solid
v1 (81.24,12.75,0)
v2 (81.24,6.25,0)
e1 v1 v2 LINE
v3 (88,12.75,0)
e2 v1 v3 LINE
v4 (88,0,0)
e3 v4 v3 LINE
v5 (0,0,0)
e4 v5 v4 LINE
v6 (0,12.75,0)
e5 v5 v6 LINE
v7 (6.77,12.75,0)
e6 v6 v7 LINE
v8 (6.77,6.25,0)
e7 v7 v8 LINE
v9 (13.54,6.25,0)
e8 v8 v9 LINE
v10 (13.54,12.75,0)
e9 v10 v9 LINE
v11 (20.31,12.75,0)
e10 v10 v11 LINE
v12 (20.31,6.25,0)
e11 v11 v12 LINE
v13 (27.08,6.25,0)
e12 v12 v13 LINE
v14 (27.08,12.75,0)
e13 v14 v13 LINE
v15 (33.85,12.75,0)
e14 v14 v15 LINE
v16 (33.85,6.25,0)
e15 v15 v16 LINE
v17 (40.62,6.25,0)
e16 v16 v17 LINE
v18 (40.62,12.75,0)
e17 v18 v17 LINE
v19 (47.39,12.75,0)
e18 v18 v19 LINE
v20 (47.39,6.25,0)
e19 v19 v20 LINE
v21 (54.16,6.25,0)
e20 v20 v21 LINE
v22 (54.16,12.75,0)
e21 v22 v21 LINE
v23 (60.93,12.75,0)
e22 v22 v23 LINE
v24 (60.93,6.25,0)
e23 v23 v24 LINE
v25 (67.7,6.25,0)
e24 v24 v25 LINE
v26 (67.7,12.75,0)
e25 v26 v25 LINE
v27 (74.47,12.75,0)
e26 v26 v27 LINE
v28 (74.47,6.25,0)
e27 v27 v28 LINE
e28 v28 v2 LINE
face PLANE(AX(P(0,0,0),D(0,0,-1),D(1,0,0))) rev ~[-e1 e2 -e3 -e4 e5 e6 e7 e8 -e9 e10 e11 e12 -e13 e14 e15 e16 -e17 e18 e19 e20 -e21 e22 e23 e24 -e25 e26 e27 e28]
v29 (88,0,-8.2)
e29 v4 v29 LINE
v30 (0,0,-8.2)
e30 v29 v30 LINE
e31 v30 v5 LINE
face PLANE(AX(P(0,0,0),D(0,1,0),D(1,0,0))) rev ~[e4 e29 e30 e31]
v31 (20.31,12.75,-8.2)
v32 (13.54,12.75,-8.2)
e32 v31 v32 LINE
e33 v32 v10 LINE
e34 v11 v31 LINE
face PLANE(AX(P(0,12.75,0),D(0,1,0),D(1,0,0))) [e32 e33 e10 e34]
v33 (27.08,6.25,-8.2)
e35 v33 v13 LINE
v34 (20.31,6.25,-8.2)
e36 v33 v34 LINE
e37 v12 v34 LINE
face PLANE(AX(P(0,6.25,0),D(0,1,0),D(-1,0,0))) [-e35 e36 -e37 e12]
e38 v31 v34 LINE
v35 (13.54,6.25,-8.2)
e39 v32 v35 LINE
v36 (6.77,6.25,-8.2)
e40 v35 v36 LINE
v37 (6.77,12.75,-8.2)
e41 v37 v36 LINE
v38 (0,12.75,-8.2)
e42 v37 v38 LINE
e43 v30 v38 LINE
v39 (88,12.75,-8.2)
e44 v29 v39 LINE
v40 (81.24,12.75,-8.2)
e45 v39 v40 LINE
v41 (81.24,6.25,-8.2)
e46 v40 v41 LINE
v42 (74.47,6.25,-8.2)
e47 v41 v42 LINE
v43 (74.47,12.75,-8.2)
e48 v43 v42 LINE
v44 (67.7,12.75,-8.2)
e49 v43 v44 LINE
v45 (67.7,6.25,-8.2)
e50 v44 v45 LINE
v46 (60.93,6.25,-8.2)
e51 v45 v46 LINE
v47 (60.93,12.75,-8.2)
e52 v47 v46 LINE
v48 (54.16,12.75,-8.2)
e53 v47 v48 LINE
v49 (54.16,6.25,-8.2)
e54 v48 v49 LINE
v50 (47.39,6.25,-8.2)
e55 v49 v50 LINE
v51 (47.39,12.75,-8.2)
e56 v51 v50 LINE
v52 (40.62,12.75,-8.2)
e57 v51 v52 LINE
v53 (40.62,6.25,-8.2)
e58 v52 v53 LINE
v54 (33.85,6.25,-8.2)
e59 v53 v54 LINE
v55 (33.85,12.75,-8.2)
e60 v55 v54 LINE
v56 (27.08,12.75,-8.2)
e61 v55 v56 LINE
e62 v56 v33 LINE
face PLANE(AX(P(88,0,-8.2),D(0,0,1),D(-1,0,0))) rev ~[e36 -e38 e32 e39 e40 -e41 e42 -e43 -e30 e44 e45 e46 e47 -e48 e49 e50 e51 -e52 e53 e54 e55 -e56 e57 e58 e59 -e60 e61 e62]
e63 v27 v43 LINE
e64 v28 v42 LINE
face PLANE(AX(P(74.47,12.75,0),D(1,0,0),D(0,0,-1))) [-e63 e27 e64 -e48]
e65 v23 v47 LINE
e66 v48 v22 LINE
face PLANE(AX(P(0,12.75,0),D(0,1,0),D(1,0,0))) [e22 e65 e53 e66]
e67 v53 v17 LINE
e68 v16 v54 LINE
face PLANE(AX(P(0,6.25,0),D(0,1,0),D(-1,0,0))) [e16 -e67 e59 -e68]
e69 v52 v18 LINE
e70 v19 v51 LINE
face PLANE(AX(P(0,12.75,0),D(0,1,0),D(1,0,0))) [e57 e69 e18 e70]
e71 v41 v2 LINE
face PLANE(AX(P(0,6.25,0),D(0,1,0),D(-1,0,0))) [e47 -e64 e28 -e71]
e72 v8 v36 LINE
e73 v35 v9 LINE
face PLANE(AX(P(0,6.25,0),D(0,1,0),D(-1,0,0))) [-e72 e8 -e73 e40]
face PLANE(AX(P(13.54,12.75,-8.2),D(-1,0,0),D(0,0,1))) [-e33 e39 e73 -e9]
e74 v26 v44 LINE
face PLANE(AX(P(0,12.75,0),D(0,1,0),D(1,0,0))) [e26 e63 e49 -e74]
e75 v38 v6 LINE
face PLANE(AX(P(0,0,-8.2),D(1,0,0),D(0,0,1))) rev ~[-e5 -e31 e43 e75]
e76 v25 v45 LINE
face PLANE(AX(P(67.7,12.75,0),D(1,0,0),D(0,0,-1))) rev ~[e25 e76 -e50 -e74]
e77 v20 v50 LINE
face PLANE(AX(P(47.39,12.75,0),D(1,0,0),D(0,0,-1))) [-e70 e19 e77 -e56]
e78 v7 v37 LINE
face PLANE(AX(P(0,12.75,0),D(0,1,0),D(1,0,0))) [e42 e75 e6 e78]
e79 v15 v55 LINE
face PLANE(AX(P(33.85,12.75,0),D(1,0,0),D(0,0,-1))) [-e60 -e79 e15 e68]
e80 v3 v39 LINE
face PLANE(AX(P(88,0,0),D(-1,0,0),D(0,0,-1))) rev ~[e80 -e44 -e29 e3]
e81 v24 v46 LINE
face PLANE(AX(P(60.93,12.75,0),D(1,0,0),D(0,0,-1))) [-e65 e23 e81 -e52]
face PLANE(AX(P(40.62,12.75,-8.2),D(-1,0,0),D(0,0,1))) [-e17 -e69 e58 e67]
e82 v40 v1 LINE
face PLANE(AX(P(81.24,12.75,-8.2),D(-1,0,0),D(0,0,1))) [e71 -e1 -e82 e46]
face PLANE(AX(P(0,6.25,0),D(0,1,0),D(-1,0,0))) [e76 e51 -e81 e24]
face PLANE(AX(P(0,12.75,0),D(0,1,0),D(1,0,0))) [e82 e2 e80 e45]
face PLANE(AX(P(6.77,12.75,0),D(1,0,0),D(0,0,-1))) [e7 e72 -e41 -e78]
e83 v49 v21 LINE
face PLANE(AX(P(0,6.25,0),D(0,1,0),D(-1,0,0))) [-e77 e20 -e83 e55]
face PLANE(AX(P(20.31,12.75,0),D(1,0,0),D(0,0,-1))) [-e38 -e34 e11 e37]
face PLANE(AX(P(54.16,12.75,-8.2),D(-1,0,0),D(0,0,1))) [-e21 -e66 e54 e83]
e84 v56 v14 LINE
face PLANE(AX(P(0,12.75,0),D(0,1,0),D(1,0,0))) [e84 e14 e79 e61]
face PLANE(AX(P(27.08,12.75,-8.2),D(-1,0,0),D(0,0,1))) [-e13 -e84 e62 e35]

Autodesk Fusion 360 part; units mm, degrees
sketch "Sketch1" plane through (0, 0, 0) normal (0, 1, 0) x (1, 0, 0)
  line L0 (0, 0) -> (88, 0)
  line L1 (88, 0) -> (88, 8.2)
  line L2 (88, 8.2) -> (0, 8.2)
  line L3 (0, 8.2) -> (0, 0)
  dimension "d1" = 88
  dimension "d2" = 8.2
extrude "Extrude1" add sketch "Sketch1" along normal blind 12.75
sketch "Sketch2" plane through (0, 12.75, 0) normal (0, 1, 0) x (-1, 0, 0)
  line L0 (0, -8.2) -> (0, 0)
  line L1 (0, 0) -> (-88, 0)
  line L2 (-88, 0) -> (-88, -8.2)
  line L3 (-88, -8.2) -> (0, -8.2)
  line L4 (0, 0) -> (-6.77, 0)
  line L5 (-6.77, 0) -> (-6.77, -8.2)
  line L6 (-6.77, -8.2) -> (0, -8.2)
  line L7 (0, -8.2) -> (0, 0)
  line L8 (-6.77, -8.2) -> (-13.54, -8.2)
  line L9 (-13.54, -8.2) -> (-13.54, 0)
  line L10 (-13.54, 0) -> (-6.77, 0)
  line L11 (-6.77, 0) -> (-6.77, -8.2)
  dimension "d5" = 6.77
  dimension "d6" = 6.77
extrude "Extrude2" cut sketch "Sketch2" against normal blind 6.5 contours L1 L3 L5 L8 L9 L10 L11
sketch "Sketch3" plane through (0, 12.75, 0) normal (0, 1, 0) x (-1, 0, 0)
  line L0 (-13.54, -8.2) -> (-13.54, 0)
  line L1 (-13.54, 0) -> (-88, 0)
  line L2 (-88, 0) -> (-88, -8.2)
  line L3 (-88, -8.2) -> (-13.54, -8.2)
  line L4 (-13.54, 0) -> (-20.31, 0)
  line L5 (-20.31, 0) -> (-20.31, -8.2)
  line L6 (-20.31, -8.2) -> (-13.54, -8.2)
  line L7 (-13.54, -8.2) -> (-13.54, 0)
  line L8 (-20.31, -8.2) -> (-27.08, -8.2)
  line L9 (-27.08, -8.2) -> (-27.08, 0)
  line L10 (-27.08, 0) -> (-20.31, 0)
  line L11 (-20.31, 0) -> (-20.31, -8.2)
  dimension "d9" = 6.77
  dimension "d10" = 6.77
extrude "Extrude3" cut sketch "Sketch3" against normal blind 6.5 contours L1 L3 L5 L8 L9 L10 L11
sketch "Sketch4" plane through (0, 12.75, 0) normal (0, 1, 0) x (-1, 0, 0)
  line L0 (-27.08, -8.2) -> (-27.08, 0)
  line L1 (-27.08, 0) -> (-88, 0)
  line L2 (-88, 0) -> (-88, -8.2)
  line L3 (-88, -8.2) -> (-27.08, -8.2)
  line L4 (-27.08, 0) -> (-33.85, 0)
  line L5 (-33.85, 0) -> (-33.85, -8.2)
  line L6 (-33.85, -8.2) -> (-27.08, -8.2)
  line L7 (-27.08, -8.2) -> (-27.08, 0)
  line L8 (-33.85, -8.2) -> (-40.62, -8.2)
  line L9 (-40.62, -8.2) -> (-40.62, 0)
  line L10 (-40.62, 0) -> (-33.85, 0)
  line L11 (-33.85, 0) -> (-33.85, -8.2)
  dimension "d13" = 6.77
  dimension "d14" = 6.77
extrude "Extrude4" cut sketch "Sketch4" against normal blind 6.5 contours L1 L3 L5 L8 L9 L10 L11
sketch "Sketch5" plane through (0, 12.75, 0) normal (0, 1, 0) x (-1, 0, 0)
  line L0 (-40.62, -8.2) -> (-40.62, 0)
  line L1 (-40.62, 0) -> (-88, 0)
  line L2 (-88, 0) -> (-88, -8.2)
  line L3 (-88, -8.2) -> (-40.62, -8.2)
  line L4 (-40.62, 0) -> (-47.39, 0)
  line L5 (-47.39, 0) -> (-47.39, -8.2)
  line L6 (-47.39, -8.2) -> (-40.62, -8.2)
  line L7 (-40.62, -8.2) -> (-40.62, 0)
  line L8 (-47.39, -8.2) -> (-54.16, -8.2)
  line L9 (-54.16, -8.2) -> (-54.16, 0)
  line L10 (-54.16, 0) -> (-47.39, 0)
  line L11 (-47.39, 0) -> (-47.39, -8.2)
  dimension "d17" = 6.77
  dimension "d18" = 6.77
extrude "Extrude5" cut sketch "Sketch5" against normal blind 6.5 contours L1 L3 L5 L8 L9 L10 L11
sketch "Sketch6" plane through (0, 12.75, 0) normal (0, 1, 0) x (-1, 0, 0)
  line L0 (-54.16, -8.2) -> (-54.16, 0)
  line L1 (-54.16, 0) -> (-88, 0)
  line L2 (-88, 0) -> (-88, -8.2)
  line L3 (-88, -8.2) -> (-54.16, -8.2)
  line L4 (-54.16, 0) -> (-60.93, 0)
  line L5 (-60.93, 0) -> (-60.93, -8.2)
  line L6 (-60.93, -8.2) -> (-54.16, -8.2)
  line L7 (-54.16, -8.2) -> (-54.16, 0)
  line L8 (-60.93, 0) -> (-67.7, 0)
  line L9 (-67.7, 0) -> (-67.7, -8.2)
  line L10 (-67.7, -8.2) -> (-60.93, -8.2)
  line L11 (-60.93, -8.2) -> (-60.93, 0)
  dimension "d21" = 6.77
  dimension "d22" = 6.77
extrude "Extrude6" cut sketch "Sketch6" against normal blind 6.5 contours L1 L3 L5 L8 L9 L10 L11
sketch "Sketch7" plane through (0, 12.75, 0) normal (0, 1, 0) x (-1, 0, 0)
  line L0 (-67.7, -8.2) -> (-67.7, 0)
  line L1 (-67.7, 0) -> (-88, 0)
  line L2 (-88, 0) -> (-88, -8.2)
  line L3 (-88, -8.2) -> (-67.7, -8.2)
  line L4 (-67.7, 0) -> (-74.47, 0)
  line L5 (-74.47, 0) -> (-74.47, -8.2)
  line L6 (-74.47, -8.2) -> (-67.7, -8.2)
  line L7 (-67.7, -8.2) -> (-67.7, 0)
  line L8 (-74.47, -8.2) -> (-81.24, -8.2)
  line L9 (-81.24, -8.2) -> (-81.24, 0)
  line L10 (-81.24, 0) -> (-74.47, 0)
  line L11 (-74.47, 0) -> (-74.47, -8.2)
  dimension "d25" = 6.77
  dimension "d26" = 6.77
extrude "Extrude7" cut sketch "Sketch7" against normal blind 6.5 contours L1 L3 L5 L8 L9 L10 L11
